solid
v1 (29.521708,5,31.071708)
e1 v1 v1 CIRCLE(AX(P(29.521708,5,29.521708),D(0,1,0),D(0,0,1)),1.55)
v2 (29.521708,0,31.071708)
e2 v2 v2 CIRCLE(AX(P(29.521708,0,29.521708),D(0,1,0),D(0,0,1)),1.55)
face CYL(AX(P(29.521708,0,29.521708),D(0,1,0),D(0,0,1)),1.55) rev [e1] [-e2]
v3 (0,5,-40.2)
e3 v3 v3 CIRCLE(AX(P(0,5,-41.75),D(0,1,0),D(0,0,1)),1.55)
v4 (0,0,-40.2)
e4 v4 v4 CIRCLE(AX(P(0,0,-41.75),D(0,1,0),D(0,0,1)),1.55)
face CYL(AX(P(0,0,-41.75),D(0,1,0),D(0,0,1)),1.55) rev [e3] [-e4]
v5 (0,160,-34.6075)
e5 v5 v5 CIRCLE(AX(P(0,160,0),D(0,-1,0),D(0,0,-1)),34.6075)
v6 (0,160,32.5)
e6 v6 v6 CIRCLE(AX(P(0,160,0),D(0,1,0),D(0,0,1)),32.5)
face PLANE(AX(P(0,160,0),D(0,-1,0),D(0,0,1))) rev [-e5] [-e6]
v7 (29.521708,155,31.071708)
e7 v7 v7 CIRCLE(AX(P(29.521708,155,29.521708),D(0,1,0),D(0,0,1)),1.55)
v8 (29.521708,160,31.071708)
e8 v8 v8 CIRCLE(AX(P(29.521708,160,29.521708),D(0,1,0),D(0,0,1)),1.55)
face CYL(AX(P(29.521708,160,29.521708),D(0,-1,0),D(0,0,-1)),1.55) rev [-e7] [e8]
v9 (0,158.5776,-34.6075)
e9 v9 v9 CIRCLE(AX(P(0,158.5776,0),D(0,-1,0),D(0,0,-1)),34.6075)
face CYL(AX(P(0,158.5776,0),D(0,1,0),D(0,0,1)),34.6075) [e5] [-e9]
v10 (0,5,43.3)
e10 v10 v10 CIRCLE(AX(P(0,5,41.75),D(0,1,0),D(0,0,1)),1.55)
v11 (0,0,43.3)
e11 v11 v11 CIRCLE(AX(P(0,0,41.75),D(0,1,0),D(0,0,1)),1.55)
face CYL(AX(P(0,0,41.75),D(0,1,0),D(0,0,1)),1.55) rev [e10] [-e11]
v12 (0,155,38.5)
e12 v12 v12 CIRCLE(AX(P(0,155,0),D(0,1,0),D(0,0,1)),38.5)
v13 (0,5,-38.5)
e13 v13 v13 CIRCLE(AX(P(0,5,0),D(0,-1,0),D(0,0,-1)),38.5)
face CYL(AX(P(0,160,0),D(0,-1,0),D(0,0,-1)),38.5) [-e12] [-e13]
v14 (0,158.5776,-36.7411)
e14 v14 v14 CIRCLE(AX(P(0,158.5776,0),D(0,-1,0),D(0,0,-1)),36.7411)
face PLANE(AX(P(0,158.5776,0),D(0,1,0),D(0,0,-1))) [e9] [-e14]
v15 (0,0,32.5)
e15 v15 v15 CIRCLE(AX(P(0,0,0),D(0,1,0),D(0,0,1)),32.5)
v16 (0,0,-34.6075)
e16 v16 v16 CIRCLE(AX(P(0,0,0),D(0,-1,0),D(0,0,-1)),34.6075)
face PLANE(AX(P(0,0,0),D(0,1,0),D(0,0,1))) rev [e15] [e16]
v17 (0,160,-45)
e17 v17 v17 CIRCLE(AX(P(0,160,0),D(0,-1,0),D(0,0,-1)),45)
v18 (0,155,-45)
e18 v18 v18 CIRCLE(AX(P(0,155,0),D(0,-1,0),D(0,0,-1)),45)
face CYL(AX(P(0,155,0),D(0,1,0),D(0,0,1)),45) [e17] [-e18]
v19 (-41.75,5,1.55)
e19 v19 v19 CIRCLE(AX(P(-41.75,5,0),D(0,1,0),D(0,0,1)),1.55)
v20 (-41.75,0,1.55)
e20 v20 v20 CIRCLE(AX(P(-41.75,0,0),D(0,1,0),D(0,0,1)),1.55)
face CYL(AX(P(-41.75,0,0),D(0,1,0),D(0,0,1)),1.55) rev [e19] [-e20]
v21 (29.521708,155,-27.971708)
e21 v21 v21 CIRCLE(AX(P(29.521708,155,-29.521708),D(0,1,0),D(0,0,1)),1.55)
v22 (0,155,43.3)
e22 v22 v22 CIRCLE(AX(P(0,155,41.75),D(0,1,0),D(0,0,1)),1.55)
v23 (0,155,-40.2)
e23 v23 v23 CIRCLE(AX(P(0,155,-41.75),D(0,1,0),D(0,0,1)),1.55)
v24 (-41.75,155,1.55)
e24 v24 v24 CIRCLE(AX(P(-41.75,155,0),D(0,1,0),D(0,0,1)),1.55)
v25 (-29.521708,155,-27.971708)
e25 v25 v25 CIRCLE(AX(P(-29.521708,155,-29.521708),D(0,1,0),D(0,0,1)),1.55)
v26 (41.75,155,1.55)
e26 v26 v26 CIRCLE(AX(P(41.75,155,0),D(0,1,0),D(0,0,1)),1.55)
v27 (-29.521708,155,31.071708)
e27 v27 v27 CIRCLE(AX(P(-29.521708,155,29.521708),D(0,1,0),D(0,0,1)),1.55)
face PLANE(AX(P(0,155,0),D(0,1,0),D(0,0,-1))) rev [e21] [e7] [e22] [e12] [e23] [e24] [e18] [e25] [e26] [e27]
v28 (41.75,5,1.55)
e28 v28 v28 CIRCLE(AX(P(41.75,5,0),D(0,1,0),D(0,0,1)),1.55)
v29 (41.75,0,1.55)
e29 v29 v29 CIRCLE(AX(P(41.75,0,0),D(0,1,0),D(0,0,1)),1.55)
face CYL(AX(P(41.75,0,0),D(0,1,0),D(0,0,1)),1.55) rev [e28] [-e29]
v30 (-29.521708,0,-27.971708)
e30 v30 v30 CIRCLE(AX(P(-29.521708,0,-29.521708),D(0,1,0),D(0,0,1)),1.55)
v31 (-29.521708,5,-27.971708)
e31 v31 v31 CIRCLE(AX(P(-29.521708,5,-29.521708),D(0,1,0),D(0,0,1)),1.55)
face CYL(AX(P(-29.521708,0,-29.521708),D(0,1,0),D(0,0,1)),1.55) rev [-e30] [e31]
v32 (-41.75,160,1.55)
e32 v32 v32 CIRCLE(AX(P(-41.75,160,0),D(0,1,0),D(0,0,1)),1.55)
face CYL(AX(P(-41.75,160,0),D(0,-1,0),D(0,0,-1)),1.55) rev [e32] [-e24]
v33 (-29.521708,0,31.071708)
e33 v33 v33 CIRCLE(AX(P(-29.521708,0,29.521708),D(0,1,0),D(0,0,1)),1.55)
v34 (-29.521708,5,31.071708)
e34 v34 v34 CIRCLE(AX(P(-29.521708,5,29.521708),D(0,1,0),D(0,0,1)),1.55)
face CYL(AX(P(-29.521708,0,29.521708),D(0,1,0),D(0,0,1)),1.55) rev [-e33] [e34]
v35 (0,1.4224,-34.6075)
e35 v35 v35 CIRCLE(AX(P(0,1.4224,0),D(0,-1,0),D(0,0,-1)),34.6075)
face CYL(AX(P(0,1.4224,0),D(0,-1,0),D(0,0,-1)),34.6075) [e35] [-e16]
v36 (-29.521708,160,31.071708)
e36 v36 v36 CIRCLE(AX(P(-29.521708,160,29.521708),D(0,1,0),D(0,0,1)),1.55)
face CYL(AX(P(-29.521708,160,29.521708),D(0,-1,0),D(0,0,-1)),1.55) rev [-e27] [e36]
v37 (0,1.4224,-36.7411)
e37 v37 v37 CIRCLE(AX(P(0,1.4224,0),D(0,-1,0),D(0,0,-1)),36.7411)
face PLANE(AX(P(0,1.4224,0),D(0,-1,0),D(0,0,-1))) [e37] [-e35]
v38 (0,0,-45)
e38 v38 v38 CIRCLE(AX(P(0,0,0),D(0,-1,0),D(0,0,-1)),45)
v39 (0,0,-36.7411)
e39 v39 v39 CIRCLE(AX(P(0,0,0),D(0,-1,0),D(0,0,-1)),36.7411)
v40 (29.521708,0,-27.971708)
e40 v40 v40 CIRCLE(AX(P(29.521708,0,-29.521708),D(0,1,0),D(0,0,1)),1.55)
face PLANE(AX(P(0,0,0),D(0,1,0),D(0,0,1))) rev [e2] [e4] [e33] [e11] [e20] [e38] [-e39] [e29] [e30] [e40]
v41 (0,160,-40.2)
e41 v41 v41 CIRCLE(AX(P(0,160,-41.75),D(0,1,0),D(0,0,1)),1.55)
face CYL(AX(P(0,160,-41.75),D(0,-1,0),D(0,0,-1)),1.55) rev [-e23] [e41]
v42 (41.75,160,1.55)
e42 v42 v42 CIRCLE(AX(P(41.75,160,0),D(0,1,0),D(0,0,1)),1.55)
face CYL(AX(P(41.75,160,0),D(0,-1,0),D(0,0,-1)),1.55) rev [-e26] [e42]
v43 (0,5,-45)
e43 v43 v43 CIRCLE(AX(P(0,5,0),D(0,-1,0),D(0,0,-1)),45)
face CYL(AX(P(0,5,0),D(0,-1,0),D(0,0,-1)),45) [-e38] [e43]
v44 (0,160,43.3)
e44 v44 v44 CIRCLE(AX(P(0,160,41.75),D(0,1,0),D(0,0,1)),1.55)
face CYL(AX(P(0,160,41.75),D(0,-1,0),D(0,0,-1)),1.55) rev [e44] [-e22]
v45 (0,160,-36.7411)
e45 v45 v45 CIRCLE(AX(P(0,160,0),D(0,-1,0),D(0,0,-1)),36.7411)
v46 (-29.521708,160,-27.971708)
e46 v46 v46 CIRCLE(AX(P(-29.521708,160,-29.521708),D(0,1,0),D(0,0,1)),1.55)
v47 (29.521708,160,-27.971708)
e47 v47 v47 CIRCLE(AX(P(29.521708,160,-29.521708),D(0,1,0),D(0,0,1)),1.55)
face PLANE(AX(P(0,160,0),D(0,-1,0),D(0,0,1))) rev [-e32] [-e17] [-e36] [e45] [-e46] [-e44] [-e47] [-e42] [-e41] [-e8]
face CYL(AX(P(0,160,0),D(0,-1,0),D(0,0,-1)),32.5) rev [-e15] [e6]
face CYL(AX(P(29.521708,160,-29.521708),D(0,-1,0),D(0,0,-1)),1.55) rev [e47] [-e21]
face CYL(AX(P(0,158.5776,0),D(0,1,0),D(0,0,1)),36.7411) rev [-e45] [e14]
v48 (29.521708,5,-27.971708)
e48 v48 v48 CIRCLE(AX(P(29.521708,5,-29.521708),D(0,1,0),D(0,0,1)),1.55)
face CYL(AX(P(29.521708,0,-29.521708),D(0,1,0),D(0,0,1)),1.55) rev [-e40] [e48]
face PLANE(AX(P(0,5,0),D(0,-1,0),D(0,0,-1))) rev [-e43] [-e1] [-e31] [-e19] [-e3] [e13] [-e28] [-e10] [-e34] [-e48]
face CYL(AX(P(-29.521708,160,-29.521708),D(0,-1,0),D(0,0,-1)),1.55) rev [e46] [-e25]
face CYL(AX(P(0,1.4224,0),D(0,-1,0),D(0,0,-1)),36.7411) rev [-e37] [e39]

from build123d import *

# Parameters (mm, degrees)
SKETCH3_R           = 38.5
SKETCH3_R_2         = 32.5
BOSS_EXTRUDE3_DEPTH = 160
SKETCH5_R           = 36.7411
SKETCH5_R_2         = 34.6075
CUT_EXTRUDE1_DEPTH  = 1.4224
SKETCH5_4_R         = 45
SKETCH5_4_R_2       = 38.5
BOSS_EXTRUDE5_DEPTH = 5
SKETCH7_R           = 1.55
CUT_EXTRUDE2_DEPTH  = 5
CUT_EXTRUDE3_START  = -80
SKETCH9_R           = 38.5
SKETCH9_R_2         = 32.5
CUT_EXTRUDE3_DEPTH  = 80
CUT_EXTRUDE6_START  = -1.4224
SKETCH5_7_R         = 36.7411
SKETCH5_7_R_2       = 34.6075
CUT_EXTRUDE6_DEPTH  = 1.4224


with BuildPart() as part:
    # Sketch3 → Boss-Extrude3 (new body)
    with BuildSketch(Plane(origin=(0, 0, 0), x_dir=(1, 0, 0), z_dir=(0, 1, 0))):
        Circle(SKETCH3_R)
        Circle(SKETCH3_R_2, mode=Mode.SUBTRACT)
    boss_extrude3 = extrude(amount=BOSS_EXTRUDE3_DEPTH)

    # Sketch5 → Cut-Extrude1 (cut)
    with BuildSketch(Plane.XZ):
        Circle(SKETCH5_R)
        Circle(SKETCH5_R_2, mode=Mode.SUBTRACT)
    cut_extrude1 = extrude(amount=-CUT_EXTRUDE1_DEPTH, mode=Mode.SUBTRACT)

    # Sketch5<4> → Boss-Extrude5 (add)
    with BuildSketch(Plane.XZ):
        Circle(SKETCH5_4_R)
        Circle(SKETCH5_4_R_2, mode=Mode.SUBTRACT)
    boss_extrude5 = extrude(amount=-BOSS_EXTRUDE5_DEPTH)

    # Sketch7 → Cut-Extrude2 (cut)
    with BuildSketch(Plane(origin=(0, 5, 0), x_dir=(1, 0, 0), z_dir=(0, 1, 0))):
        with Locations((0, 41.75)):
            Circle(SKETCH7_R)
        with Locations((29.521708115, 29.521708115)):
            Circle(SKETCH7_R)
        with Locations((41.75, 0)):
            Circle(SKETCH7_R)
        with Locations((29.521708115, -29.521708115)):
            Circle(SKETCH7_R)
        with Locations((0, -41.75)):
            Circle(SKETCH7_R)
        with Locations((-29.521708115, -29.521708115)):
            Circle(SKETCH7_R)
        with Locations((-41.75, 0)):
            Circle(SKETCH7_R)
        with Locations((-29.521708115, 29.521708115)):
            Circle(SKETCH7_R)
    cut_extrude2 = extrude(amount=-CUT_EXTRUDE2_DEPTH, mode=Mode.SUBTRACT)

    # Sketch9 → Cut-Extrude3 (cut)
    with BuildSketch(Plane(origin=(0, 160, 0), x_dir=(1, 0, 0), z_dir=(0, 1, 0)).offset(CUT_EXTRUDE3_START)):
        Circle(SKETCH9_R)
        Circle(SKETCH9_R_2, mode=Mode.SUBTRACT)
    extrude(amount=CUT_EXTRUDE3_DEPTH, mode=Mode.SUBTRACT)

    # Mirror7: Boss-Extrude3, Cut-Extrude1, Boss-Extrude5, Cut-Extrude2 across plane
    add(boss_extrude3.mirror(Plane.ZX.offset(80)))
    add(cut_extrude1.mirror(Plane.ZX.offset(80)), mode=Mode.SUBTRACT)
    add(boss_extrude5.mirror(Plane.ZX.offset(80)))
    add(cut_extrude2.mirror(Plane.ZX.offset(80)), mode=Mode.SUBTRACT)

    # Sketch5<7> → Cut-Extrude6 (cut)
    with BuildSketch(Plane.XZ.offset(CUT_EXTRUDE6_START)):
        Circle(SKETCH5_7_R)
        Circle(SKETCH5_7_R_2, mode=Mode.SUBTRACT)
    extrude(amount=CUT_EXTRUDE6_DEPTH, mode=Mode.SUBTRACT)


solid = part.part
